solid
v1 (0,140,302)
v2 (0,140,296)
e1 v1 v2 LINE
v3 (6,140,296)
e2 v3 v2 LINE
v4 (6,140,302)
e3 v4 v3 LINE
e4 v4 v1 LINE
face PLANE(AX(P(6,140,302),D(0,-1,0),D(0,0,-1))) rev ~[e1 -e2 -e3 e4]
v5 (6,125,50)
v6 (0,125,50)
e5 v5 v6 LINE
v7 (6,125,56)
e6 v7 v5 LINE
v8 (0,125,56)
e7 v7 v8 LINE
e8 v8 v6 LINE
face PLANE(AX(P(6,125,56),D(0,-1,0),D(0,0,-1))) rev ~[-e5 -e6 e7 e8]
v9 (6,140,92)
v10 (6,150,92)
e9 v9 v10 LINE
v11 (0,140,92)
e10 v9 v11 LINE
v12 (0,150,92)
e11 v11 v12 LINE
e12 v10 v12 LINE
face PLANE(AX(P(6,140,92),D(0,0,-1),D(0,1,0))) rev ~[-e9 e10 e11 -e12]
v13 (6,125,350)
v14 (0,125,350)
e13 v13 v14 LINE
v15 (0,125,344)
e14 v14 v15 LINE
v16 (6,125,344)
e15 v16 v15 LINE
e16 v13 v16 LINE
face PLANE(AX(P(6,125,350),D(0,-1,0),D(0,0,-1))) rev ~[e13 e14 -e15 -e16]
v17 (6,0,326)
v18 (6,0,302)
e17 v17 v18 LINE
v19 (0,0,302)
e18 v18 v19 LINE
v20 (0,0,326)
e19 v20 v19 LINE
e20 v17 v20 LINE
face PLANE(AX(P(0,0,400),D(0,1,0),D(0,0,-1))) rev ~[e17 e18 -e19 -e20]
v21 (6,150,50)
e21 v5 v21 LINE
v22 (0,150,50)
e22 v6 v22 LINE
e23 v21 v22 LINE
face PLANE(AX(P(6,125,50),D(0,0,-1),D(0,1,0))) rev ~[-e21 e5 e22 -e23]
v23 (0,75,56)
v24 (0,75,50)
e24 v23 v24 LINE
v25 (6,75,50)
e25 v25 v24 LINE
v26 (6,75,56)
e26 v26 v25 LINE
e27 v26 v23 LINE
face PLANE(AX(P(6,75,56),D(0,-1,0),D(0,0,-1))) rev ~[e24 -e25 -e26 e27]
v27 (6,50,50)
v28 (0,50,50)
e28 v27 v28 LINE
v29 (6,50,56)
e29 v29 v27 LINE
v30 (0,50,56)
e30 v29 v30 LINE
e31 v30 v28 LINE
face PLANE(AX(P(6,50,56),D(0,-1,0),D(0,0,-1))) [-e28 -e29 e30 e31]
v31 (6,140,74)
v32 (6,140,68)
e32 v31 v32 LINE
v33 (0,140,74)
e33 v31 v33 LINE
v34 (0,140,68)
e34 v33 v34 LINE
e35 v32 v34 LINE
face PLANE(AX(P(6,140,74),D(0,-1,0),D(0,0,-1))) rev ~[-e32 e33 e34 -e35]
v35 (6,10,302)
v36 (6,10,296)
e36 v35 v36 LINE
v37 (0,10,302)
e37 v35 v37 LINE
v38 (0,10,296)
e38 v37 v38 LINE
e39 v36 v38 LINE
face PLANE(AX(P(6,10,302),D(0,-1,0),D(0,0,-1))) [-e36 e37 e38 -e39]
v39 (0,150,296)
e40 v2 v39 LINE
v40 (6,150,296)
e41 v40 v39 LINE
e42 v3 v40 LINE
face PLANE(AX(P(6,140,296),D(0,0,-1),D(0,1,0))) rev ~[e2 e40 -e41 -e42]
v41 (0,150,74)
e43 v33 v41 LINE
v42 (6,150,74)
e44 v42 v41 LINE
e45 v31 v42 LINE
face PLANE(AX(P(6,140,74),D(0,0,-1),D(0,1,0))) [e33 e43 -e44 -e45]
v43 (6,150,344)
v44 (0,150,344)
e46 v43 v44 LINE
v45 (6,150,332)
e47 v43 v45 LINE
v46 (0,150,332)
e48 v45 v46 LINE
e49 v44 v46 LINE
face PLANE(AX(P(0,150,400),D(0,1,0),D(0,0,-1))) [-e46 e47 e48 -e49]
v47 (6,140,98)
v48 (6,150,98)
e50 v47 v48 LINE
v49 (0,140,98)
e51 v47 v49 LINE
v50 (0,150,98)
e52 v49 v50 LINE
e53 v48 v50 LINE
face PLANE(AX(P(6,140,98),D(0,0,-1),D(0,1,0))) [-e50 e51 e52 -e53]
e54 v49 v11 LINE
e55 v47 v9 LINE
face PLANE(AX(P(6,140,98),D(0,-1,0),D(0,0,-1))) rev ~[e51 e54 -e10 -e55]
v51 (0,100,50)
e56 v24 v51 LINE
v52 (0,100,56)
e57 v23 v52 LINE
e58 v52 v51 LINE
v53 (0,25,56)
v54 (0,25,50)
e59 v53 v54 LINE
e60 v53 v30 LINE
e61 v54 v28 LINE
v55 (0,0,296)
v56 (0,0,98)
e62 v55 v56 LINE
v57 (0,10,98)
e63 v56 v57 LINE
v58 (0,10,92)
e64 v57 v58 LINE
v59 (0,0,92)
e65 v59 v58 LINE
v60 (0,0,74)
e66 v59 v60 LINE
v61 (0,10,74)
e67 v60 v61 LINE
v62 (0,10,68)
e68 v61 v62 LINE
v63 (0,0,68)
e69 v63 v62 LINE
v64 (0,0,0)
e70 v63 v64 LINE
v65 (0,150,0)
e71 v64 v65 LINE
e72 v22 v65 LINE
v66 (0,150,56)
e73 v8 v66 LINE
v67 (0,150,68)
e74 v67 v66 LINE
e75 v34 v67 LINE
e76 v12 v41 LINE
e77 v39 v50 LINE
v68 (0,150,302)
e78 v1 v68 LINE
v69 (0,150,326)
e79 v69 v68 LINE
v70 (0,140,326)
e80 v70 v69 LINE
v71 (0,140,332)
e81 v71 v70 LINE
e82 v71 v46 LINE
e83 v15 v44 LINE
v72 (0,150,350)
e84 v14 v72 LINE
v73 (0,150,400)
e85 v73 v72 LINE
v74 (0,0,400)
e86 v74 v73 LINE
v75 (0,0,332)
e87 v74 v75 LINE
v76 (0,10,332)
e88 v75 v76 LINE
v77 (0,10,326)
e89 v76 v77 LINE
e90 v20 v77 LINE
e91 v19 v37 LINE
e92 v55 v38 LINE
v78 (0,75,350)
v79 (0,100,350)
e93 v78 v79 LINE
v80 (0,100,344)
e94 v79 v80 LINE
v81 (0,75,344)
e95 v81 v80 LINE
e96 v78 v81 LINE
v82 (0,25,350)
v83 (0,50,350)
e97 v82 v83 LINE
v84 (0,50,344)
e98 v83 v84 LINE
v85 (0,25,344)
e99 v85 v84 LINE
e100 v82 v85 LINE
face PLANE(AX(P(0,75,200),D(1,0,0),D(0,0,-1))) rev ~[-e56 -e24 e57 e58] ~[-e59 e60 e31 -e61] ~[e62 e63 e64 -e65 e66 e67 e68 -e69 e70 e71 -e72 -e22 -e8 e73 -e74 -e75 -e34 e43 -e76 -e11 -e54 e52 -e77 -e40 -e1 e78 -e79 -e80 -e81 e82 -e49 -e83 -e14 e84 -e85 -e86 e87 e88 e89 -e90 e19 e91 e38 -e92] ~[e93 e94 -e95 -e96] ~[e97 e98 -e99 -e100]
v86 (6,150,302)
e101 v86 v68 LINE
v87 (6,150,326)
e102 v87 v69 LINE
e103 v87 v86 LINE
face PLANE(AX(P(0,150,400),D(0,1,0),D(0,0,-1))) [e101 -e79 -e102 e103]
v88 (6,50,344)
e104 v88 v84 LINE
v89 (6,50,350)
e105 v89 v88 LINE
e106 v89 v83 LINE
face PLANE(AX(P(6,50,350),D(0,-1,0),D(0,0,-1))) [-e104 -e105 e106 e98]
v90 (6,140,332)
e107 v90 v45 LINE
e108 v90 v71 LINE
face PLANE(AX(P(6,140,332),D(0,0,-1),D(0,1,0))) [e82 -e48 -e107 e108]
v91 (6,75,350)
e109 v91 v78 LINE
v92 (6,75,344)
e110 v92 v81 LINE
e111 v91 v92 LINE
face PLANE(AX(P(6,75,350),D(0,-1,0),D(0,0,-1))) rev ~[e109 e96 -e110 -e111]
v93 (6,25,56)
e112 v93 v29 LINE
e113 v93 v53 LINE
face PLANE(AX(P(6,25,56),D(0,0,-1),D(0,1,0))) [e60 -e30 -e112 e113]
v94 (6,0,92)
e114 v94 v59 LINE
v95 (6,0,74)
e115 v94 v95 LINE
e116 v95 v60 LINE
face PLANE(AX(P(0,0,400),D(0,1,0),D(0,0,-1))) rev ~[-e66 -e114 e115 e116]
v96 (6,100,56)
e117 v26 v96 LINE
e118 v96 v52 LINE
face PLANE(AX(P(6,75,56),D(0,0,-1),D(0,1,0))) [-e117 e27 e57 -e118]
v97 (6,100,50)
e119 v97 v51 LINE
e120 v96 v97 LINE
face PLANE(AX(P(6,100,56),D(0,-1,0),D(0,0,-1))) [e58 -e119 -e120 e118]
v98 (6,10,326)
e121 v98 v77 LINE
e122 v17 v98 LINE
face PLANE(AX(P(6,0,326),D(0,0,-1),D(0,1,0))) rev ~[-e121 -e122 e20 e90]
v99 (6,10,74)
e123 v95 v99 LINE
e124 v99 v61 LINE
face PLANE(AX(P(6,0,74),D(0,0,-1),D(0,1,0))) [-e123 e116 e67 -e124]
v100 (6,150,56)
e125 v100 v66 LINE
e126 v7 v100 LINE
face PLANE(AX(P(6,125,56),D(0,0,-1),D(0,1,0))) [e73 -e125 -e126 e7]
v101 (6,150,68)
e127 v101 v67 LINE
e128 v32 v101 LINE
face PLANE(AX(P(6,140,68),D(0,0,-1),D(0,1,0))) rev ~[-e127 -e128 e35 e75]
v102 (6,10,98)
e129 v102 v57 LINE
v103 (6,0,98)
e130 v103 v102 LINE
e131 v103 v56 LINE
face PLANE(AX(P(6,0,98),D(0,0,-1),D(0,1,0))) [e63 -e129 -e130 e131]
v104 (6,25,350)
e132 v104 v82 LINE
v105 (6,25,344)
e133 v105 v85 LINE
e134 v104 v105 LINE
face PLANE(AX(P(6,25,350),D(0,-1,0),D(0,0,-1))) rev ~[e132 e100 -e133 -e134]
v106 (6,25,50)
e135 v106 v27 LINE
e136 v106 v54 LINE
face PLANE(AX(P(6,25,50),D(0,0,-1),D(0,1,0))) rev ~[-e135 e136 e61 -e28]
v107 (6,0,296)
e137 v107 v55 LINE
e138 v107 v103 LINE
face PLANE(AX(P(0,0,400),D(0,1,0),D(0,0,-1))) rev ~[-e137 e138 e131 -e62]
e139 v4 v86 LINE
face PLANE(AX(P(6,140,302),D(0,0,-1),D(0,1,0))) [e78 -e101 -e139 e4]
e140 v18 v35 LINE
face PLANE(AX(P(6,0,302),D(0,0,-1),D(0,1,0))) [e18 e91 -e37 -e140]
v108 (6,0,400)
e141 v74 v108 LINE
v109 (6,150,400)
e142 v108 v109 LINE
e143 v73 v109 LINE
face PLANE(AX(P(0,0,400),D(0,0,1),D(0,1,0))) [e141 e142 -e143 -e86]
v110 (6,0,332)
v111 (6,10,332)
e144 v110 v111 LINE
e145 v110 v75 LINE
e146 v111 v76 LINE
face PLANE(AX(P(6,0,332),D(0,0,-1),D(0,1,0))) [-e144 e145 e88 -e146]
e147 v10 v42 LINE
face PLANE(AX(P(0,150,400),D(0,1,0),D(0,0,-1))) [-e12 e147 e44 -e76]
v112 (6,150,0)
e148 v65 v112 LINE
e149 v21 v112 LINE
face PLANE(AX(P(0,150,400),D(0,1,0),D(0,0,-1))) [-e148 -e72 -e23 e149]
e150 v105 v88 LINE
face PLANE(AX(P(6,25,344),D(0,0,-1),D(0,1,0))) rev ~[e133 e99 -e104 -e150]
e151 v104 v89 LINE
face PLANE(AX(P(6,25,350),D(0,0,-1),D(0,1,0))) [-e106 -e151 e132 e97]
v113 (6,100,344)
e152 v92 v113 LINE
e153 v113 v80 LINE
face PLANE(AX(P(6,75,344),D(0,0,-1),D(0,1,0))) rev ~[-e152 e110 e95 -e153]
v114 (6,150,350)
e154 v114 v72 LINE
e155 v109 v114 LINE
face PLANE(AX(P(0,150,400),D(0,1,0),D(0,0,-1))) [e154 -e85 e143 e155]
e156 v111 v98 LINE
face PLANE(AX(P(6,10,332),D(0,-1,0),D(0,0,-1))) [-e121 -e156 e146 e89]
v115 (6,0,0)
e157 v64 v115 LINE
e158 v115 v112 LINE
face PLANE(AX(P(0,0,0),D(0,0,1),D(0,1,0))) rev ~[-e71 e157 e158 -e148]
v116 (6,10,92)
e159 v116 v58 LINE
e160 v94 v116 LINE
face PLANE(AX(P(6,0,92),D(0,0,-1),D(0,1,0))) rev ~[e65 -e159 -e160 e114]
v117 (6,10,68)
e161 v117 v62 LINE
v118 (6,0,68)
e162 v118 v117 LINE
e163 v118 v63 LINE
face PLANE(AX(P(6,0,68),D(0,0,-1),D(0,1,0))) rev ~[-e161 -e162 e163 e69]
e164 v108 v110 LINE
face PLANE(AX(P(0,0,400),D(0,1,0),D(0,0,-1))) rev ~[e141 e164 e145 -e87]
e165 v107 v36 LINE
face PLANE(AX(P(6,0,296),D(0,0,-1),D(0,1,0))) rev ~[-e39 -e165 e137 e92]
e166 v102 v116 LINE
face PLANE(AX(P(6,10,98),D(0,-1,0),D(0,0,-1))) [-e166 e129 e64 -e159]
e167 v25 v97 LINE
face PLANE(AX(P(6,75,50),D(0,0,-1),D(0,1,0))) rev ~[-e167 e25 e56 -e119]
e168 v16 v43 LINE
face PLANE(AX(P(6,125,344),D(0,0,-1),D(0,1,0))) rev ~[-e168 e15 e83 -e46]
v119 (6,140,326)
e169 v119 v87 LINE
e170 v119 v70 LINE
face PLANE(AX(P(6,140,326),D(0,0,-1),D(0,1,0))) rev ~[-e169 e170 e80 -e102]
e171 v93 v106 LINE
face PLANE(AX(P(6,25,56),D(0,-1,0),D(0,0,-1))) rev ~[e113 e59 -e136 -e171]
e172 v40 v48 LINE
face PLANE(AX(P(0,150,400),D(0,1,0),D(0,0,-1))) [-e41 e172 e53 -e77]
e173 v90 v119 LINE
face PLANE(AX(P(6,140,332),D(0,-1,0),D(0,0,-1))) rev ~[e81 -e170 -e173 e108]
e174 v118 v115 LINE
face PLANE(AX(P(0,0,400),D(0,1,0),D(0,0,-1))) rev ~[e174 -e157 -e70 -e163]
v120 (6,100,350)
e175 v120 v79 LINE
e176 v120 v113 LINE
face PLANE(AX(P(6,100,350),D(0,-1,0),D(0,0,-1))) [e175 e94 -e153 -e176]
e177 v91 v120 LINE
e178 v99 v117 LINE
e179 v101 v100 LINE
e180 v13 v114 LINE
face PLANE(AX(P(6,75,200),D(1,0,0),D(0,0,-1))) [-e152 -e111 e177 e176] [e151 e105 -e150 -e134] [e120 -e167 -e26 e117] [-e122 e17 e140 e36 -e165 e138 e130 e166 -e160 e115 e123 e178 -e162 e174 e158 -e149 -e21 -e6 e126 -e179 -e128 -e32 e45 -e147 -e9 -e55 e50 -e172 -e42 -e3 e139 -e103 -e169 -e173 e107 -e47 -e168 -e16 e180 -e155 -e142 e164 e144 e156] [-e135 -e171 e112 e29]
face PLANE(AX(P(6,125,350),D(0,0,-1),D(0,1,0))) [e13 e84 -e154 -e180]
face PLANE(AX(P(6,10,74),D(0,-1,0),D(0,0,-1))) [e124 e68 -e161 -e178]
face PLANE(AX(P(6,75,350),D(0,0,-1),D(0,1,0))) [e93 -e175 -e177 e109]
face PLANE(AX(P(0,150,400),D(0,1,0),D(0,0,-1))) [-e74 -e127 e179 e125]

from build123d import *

# Parameters (mm, degrees)
SKETCH1_W            = 400
SKETCH1_H            = 150
BOSS_EXTRUDE1_DEPTH  = 6
SKETCH3_W            = 6
SKETCH3_H            = 25
CUT_EXTRUDE1_DEPTH   = 428.242320001
LPATTERN1_COUNT      = 2
LPATTERN1_PITCH      = 294
LPATTERN1_COUNT_DIR2 = 3
LPATTERN1_PITCH_DIR2 = 50
SKETCH4_W            = 6
SKETCH4_H            = 10
CUT_EXTRUDE2_DEPTH   = 428.242320001
LPATTERN2_COUNT      = 2
LPATTERN2_PITCH      = 258
LPATTERN2_COUNT_DIR2 = 2
LPATTERN2_PITCH_DIR2 = 140
SKETCH5_W            = 6
SKETCH5_H            = 10
CUT_EXTRUDE3_DEPTH   = 428.242320001
LPATTERN3_COUNT      = 2
LPATTERN3_PITCH      = 140
LPATTERN3_COUNT_DIR2 = 2
LPATTERN3_PITCH_DIR2 = 204


with BuildPart() as part:
    # Sketch1 → Boss-Extrude1 (new body)
    with BuildSketch(Plane(origin=(0, 0, 0), x_dir=(0, 0, -1), z_dir=(1, 0, 0))):
        with Locations((-200, 75)):
            Rectangle(SKETCH1_W, SKETCH1_H)
    extrude(amount=BOSS_EXTRUDE1_DEPTH)

    # Sketch3 → Cut-Extrude1 (cut, through all)
    with BuildSketch(Plane(origin=(6, 0, 0), x_dir=(0, 0, -1), z_dir=(1, 0, 0))):
        with Locations((-347, 137.5)):
            Rectangle(SKETCH3_W, SKETCH3_H)
    cut_extrude1 = extrude(amount=-CUT_EXTRUDE1_DEPTH, mode=Mode.SUBTRACT)

    # LPattern1: Cut-Extrude1 2 × 3
    with Locations(*[(0, -j * LPATTERN1_PITCH_DIR2, -i * LPATTERN1_PITCH) for i in range(LPATTERN1_COUNT) for j in range(LPATTERN1_COUNT_DIR2) if (i, j) != (0, 0)]):
        add(cut_extrude1, mode=Mode.SUBTRACT)

    # Sketch4 → Cut-Extrude2 (cut, through all)
    with BuildSketch(Plane(origin=(6, 0, 0), x_dir=(0, 0, -1), z_dir=(1, 0, 0))):
        with Locations((-329, 145)):
            Rectangle(SKETCH4_W, SKETCH4_H)
    cut_extrude2 = extrude(amount=-CUT_EXTRUDE2_DEPTH, mode=Mode.SUBTRACT)

    # LPattern2: Cut-Extrude2 2 × 2
    with Locations(*[(0, -j * LPATTERN2_PITCH_DIR2, -i * LPATTERN2_PITCH) for i in range(LPATTERN2_COUNT) for j in range(LPATTERN2_COUNT_DIR2) if (i, j) != (0, 0)]):
        add(cut_extrude2, mode=Mode.SUBTRACT)

    # Sketch5 → Cut-Extrude3 (cut, through all)
    with BuildSketch(Plane(origin=(6, 0, 0), x_dir=(0, 0, -1), z_dir=(1, 0, 0))):
        with Locations((-299, 145)):
            Rectangle(SKETCH5_W, SKETCH5_H)
    cut_extrude3 = extrude(amount=-CUT_EXTRUDE3_DEPTH, mode=Mode.SUBTRACT)

    # LPattern3: Cut-Extrude3 2 × 2
    with Locations(*[(0, -i * LPATTERN3_PITCH, -j * LPATTERN3_PITCH_DIR2) for i in range(LPATTERN3_COUNT) for j in range(LPATTERN3_COUNT_DIR2) if (i, j) != (0, 0)]):
        add(cut_extrude3, mode=Mode.SUBTRACT)


solid = part.part
